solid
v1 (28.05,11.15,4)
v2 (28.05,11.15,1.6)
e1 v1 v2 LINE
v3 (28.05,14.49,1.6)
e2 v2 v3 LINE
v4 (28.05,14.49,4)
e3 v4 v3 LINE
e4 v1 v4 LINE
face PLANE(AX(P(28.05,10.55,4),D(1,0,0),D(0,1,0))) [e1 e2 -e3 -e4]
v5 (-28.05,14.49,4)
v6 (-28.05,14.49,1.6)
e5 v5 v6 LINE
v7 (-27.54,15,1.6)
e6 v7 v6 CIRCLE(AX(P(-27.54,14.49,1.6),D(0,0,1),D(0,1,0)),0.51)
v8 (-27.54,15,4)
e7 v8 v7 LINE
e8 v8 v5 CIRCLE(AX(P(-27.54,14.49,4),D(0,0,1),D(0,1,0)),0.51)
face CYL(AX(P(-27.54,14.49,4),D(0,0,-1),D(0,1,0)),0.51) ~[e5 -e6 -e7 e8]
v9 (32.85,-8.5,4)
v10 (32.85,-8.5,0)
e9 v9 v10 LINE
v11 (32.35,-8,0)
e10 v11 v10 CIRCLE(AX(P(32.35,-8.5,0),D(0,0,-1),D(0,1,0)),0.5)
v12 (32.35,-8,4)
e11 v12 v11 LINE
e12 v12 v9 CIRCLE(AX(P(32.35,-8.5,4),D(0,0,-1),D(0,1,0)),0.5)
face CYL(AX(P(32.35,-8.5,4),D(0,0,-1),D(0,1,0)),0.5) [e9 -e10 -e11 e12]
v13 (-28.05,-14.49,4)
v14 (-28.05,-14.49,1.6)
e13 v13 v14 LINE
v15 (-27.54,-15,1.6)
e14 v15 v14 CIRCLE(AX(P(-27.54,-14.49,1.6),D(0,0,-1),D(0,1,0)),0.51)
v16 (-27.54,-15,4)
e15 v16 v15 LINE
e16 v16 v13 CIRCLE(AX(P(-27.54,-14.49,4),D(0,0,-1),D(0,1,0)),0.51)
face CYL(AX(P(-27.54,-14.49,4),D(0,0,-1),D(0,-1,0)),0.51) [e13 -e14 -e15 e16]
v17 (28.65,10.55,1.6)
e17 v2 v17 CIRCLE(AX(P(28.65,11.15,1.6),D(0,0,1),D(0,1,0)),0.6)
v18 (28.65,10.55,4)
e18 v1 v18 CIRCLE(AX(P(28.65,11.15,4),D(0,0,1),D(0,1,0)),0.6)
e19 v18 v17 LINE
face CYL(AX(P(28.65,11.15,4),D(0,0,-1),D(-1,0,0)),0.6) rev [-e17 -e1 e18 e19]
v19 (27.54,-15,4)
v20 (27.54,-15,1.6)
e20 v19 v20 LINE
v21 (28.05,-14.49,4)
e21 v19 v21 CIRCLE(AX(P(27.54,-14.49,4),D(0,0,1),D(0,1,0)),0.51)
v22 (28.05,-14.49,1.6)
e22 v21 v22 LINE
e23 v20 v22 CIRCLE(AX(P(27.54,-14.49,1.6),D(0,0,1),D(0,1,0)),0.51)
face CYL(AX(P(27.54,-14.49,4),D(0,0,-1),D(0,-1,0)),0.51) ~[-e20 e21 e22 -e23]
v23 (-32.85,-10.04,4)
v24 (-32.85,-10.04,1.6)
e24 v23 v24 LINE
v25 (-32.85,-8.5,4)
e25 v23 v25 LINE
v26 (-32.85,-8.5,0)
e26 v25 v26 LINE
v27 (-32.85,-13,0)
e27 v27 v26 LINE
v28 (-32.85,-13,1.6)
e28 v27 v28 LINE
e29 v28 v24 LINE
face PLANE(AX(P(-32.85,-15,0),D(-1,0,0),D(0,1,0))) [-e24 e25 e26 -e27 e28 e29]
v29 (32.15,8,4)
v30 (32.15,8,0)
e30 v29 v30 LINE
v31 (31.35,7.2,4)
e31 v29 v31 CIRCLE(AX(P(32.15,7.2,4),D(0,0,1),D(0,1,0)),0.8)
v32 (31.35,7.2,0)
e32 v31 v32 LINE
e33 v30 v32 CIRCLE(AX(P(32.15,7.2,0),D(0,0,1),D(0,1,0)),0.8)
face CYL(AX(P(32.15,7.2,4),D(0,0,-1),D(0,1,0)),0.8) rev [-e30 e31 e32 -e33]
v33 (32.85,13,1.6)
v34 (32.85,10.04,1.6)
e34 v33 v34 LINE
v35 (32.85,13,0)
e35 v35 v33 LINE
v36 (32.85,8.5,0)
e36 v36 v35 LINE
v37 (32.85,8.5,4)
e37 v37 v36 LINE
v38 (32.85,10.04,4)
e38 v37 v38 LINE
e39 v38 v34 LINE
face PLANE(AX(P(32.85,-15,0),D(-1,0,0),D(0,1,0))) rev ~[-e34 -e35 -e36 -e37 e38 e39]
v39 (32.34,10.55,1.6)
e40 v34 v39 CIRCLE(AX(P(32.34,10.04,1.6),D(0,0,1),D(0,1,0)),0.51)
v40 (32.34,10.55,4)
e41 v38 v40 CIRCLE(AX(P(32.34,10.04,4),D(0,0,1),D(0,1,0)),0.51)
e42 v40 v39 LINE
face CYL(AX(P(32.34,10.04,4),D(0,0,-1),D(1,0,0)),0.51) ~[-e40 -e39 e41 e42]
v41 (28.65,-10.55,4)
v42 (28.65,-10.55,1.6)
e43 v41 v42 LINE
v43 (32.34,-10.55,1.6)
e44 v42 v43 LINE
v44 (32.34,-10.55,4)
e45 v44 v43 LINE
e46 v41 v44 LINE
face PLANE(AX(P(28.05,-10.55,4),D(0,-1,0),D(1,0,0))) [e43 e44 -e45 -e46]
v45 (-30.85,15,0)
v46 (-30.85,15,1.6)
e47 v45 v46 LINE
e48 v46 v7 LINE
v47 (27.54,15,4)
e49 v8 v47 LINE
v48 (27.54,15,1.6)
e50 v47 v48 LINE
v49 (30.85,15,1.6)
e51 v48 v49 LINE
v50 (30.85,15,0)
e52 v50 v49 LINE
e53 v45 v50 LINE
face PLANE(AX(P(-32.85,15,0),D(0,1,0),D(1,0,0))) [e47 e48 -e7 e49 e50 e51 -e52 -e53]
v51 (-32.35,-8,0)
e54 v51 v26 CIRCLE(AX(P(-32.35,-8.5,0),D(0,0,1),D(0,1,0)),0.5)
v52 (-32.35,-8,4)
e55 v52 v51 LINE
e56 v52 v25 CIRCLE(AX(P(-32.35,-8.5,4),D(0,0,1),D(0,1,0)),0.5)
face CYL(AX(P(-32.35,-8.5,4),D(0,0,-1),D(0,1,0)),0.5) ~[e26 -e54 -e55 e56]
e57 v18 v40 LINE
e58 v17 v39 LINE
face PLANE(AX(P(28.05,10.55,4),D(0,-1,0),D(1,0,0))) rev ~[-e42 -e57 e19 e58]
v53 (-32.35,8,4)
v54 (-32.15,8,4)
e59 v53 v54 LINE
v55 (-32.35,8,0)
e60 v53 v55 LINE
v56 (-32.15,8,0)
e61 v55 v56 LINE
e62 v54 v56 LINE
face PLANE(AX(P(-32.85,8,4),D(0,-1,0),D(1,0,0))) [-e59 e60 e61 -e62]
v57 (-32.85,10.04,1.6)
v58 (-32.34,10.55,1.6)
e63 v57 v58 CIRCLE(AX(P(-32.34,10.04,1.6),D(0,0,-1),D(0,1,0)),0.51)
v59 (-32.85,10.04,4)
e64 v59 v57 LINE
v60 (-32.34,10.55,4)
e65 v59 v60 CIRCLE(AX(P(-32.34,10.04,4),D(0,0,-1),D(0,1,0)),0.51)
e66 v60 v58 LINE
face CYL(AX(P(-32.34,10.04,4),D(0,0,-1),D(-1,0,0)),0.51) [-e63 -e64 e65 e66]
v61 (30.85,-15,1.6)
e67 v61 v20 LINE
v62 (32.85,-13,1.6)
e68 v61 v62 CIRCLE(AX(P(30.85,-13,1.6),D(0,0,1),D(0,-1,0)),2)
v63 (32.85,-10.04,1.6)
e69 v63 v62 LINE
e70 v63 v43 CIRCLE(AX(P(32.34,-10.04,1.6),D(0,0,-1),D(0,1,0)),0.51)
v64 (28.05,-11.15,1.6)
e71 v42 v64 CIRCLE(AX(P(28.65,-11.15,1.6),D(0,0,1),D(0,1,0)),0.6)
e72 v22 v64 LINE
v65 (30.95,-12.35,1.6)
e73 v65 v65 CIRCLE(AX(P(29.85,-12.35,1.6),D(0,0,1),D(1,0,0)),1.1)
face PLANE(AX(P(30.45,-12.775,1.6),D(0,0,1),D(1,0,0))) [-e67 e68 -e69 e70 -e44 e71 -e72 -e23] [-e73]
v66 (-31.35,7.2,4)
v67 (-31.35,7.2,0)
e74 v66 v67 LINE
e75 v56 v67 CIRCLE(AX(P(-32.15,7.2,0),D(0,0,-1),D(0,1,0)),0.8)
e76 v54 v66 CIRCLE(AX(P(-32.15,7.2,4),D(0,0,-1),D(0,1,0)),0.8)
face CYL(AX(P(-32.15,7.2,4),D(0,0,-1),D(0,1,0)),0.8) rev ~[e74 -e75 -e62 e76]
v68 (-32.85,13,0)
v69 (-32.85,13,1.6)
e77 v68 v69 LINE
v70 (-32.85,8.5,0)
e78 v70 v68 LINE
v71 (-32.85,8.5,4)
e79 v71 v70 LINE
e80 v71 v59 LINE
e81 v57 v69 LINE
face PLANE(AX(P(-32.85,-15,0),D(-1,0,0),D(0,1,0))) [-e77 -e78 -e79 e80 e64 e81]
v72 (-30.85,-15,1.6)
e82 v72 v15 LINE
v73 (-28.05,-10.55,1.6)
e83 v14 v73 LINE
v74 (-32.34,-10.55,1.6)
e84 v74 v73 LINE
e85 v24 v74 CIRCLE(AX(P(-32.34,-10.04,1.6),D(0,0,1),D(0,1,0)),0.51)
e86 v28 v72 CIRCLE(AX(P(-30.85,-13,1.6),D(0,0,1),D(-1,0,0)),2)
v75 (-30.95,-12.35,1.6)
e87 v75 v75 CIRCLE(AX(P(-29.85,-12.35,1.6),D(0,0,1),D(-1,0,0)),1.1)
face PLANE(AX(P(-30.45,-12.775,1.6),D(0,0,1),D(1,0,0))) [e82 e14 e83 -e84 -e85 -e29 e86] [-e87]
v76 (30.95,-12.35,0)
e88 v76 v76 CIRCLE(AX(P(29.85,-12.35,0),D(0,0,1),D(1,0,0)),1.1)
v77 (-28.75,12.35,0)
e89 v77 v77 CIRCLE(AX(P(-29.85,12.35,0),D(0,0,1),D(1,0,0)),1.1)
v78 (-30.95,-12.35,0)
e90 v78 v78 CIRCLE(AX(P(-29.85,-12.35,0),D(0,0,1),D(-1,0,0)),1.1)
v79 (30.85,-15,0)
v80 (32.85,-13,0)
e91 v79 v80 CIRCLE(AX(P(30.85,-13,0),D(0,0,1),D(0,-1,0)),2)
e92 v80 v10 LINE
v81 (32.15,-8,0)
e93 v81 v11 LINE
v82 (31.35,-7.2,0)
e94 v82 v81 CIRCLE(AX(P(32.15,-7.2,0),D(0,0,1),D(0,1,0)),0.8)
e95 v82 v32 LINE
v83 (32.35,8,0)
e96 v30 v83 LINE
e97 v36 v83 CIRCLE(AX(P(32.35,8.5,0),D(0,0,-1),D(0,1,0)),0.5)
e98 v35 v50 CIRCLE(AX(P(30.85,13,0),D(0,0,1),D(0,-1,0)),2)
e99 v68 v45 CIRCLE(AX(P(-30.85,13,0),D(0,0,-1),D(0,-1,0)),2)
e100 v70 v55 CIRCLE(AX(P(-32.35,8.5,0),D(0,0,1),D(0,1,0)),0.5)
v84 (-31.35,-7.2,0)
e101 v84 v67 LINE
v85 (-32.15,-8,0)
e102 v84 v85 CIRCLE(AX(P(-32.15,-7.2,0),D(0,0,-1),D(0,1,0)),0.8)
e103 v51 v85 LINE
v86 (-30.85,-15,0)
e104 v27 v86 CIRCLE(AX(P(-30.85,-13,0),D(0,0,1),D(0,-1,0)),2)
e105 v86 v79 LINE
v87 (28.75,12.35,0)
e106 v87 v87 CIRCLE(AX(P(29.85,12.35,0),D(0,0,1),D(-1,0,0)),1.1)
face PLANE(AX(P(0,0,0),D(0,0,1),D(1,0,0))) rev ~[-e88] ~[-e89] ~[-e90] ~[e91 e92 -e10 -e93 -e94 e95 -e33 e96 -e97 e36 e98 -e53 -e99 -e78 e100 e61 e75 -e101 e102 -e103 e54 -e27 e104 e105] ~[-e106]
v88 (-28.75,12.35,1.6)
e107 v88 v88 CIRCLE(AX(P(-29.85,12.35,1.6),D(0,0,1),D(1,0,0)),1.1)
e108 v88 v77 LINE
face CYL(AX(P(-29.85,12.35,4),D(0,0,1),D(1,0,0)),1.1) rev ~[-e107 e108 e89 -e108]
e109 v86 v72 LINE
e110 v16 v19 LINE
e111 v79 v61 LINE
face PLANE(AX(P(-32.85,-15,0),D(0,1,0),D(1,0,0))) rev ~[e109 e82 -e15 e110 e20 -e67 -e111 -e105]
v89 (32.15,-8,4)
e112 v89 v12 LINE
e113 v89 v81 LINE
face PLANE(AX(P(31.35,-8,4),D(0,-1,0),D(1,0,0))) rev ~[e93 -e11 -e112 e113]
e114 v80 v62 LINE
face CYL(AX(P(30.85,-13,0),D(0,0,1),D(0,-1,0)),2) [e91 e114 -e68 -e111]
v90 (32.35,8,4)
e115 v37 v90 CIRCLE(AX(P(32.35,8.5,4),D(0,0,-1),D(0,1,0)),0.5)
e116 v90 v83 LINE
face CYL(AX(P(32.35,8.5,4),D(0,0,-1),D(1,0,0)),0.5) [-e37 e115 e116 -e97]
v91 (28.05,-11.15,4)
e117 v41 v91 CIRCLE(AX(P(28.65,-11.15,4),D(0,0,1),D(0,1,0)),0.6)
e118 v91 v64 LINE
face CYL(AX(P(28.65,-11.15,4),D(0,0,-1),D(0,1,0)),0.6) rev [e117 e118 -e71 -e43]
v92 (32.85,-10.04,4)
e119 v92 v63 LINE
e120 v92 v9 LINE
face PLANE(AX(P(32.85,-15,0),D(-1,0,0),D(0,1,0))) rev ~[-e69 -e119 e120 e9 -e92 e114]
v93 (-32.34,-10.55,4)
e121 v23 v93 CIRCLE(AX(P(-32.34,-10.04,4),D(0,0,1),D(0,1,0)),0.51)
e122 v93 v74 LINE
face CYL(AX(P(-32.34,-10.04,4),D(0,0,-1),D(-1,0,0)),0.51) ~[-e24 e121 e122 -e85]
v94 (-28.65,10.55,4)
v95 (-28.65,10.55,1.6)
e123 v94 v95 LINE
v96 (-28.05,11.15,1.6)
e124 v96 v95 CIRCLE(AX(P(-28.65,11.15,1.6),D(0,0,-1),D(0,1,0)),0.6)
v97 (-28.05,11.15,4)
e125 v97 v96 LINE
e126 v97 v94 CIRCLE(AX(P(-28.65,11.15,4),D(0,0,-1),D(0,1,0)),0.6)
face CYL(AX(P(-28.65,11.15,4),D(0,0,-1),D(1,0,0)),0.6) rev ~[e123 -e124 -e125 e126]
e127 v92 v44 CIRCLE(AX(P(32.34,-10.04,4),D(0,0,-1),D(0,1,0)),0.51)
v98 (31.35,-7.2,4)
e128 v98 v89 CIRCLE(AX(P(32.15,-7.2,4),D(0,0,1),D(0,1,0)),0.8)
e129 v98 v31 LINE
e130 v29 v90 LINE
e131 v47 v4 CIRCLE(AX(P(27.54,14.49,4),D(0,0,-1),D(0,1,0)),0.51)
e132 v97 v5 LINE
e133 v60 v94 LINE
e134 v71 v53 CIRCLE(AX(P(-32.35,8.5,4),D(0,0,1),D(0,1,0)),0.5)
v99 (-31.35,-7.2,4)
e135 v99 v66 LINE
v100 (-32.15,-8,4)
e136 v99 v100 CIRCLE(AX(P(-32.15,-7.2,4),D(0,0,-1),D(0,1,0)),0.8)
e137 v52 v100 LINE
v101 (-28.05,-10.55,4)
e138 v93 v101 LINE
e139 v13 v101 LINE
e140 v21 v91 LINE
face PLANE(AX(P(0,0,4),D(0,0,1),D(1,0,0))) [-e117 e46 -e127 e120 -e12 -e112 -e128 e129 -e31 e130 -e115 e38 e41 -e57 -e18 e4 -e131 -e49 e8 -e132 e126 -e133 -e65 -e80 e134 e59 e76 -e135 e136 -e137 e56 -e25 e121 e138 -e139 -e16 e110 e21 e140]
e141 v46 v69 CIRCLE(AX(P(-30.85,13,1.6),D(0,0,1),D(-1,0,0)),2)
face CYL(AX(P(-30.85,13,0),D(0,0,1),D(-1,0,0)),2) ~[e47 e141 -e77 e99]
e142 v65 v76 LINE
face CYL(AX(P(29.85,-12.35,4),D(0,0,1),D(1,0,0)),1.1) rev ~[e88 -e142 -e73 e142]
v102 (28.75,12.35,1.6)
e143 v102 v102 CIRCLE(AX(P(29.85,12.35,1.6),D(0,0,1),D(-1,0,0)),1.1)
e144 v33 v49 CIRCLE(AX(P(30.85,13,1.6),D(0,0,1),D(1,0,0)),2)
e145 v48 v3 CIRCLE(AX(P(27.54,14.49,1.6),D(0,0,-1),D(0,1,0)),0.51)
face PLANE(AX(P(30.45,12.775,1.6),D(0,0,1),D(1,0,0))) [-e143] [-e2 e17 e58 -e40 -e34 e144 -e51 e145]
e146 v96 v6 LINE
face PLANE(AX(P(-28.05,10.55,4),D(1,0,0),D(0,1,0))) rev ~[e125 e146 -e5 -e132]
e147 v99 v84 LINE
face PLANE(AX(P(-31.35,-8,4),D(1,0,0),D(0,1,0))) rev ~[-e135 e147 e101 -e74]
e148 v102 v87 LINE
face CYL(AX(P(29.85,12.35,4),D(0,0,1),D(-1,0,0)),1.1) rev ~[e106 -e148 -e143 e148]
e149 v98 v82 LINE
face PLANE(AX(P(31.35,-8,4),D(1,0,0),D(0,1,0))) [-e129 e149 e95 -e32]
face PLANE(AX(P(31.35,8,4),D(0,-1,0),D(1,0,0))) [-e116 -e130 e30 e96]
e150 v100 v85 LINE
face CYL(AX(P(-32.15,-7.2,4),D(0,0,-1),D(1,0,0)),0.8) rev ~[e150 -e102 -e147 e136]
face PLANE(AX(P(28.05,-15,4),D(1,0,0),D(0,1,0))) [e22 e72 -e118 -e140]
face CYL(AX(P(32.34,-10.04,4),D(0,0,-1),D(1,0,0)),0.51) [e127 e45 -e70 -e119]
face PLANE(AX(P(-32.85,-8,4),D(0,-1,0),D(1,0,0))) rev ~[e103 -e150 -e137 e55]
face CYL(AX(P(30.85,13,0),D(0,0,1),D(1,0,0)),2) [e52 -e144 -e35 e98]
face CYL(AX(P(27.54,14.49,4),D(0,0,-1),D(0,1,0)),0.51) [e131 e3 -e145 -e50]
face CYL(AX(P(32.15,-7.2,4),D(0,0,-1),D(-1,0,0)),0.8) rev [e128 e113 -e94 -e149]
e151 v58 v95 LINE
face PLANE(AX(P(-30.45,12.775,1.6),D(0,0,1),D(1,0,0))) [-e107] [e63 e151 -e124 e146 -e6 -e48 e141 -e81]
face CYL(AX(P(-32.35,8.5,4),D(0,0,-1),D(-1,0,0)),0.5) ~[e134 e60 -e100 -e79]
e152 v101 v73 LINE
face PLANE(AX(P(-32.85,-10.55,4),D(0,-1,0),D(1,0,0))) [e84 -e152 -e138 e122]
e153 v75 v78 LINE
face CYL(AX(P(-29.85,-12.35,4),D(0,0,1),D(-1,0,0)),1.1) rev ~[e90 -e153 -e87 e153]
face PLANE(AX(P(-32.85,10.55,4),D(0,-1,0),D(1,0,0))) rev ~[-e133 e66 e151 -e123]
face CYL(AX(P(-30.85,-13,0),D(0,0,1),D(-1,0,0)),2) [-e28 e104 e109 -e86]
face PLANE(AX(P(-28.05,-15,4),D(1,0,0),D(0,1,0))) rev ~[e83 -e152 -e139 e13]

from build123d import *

# Parameters (mm, degrees)
SKETCH_2_W          = 65.7
SKETCH_2_H          = 30
EXTRUDE_1_DEPTH     = 4
FILLET_1_R          = 2
SKETCH_5_R          = 1.1
SKETCH_5_W          = 1.5
SKETCH_5_H          = 16
CUT_EXTRUDE_6_DEPTH = 37.333490061
SKETCH_3_W          = 4.8
SKETCH_3_H          = 4.45
SKETCH_3_R          = 1.1
CUT_EXTRUDE_5_DEPTH = 2.4
FILLET_7_R          = 0.51
FILLET_8_R          = 0.6
FILLET_9_R          = 0.5
FILLET_10_R         = 0.8


with BuildPart() as part:
    # 스케치2 → 보스-돌출1 (new body)
    with BuildSketch(Plane.XY):
        Rectangle(SKETCH_2_W, SKETCH_2_H)
    extrude(amount=EXTRUDE_1_DEPTH)

    # 필렛1
    fillet_1_edges = [part.edges().sort_by_distance(p)[0] for p in [
        (32.85, 15, 2),
        (32.85, -15, 2),
        (-32.85, -15, 2),
        (-32.85, 15, 2),
    ]]
    fillet(fillet_1_edges, radius=FILLET_1_R)

    # 스케치5 → 컷-돌출6 (cut, through all)
    with BuildSketch(Plane.XY.offset(4)):
        with Locations((-29.85, 12.35)):
            Circle(SKETCH_5_R)
        with Locations(Location((29.85, 12.35, 0), (0, 0, 180))):
            Circle(SKETCH_5_R)
        with Locations((29.85, -12.35)):
            Circle(SKETCH_5_R)
        with Locations(Location((-29.85, -12.35, 0), (0, 0, 180))):
            Circle(SKETCH_5_R)
        with Locations((-32.1, 0)):
            Rectangle(SKETCH_5_W, SKETCH_5_H)
        with Locations((32.1, 0)):
            Rectangle(SKETCH_5_W, SKETCH_5_H)
    extrude(amount=-CUT_EXTRUDE_6_DEPTH, mode=Mode.SUBTRACT)

    # 스케치3 → 컷-돌출5 (cut)
    # profile 1 of 4: a face of its own
    with BuildSketch(Plane.XY.offset(4)):
        with Locations((-30.45, 12.775)):
            Rectangle(SKETCH_3_W, SKETCH_3_H)
        with Locations((-29.85, 12.35)):
            Circle(SKETCH_3_R, mode=Mode.SUBTRACT)
    # profile 2 of 4: a face of its own
    with BuildSketch(Plane.XY.offset(4)):
        with Locations((-30.45, -12.775)):
            Rectangle(SKETCH_3_W, SKETCH_3_H)
        with Locations(Location((-29.85, -12.35, 0), (0, 0, 180))):
            Circle(SKETCH_3_R, mode=Mode.SUBTRACT)
    # profile 3 of 4: a face of its own
    with BuildSketch(Plane.XY.offset(4)):
        with Locations((30.45, -12.775)):
            Rectangle(SKETCH_3_W, SKETCH_3_H)
        with Locations((29.85, -12.35)):
            Circle(SKETCH_3_R, mode=Mode.SUBTRACT)
    # profile 4 of 4: a face of its own
    with BuildSketch(Plane.XY.offset(4)):
        with Locations((30.45, 12.775)):
            Rectangle(SKETCH_3_W, SKETCH_3_H)
        with Locations(Location((29.85, 12.35, 0), (0, 0, 180))):
            Circle(SKETCH_3_R, mode=Mode.SUBTRACT)
    extrude(amount=-CUT_EXTRUDE_5_DEPTH, mode=Mode.SUBTRACT)

    # 필렛7
    fillet_7_edges = [part.edges().sort_by_distance(p)[0] for p in [
        (-32.85, -10.55, 2.8),
        (-28.05, -15, 2.8),
        (28.05, -15, 2.8),
        (32.85, -10.55, 2.8),
        (32.85, 10.55, 2.8),
        (28.05, 15, 2.8),
        (-28.05, 15, 2.8),
        (-32.85, 10.55, 2.8),
    ]]
    fillet(fillet_7_edges, radius=FILLET_7_R)

    # 필렛8
    fillet_8_edges = [part.edges().sort_by_distance(p)[0] for p in [
        (28.05, -10.55, 2.8),
        (28.05, 10.55, 2.8),
        (-28.05, 10.55, 2.8),
    ]]
    fillet(fillet_8_edges, radius=FILLET_8_R)

    # 필렛9
    fillet_9_edges = [part.edges().sort_by_distance(p)[0] for p in [
        (32.85, 8, 2),
        (32.85, -8, 2),
        (-32.85, -8, 2),
        (-32.85, 8, 2),
    ]]
    fillet(fillet_9_edges, radius=FILLET_9_R)

    # 필렛10
    fillet_10_edges = [part.edges().sort_by_distance(p)[0] for p in [
        (31.35, 8, 2),
        (31.35, -8, 2),
        (-31.35, 8, 2),
        (-31.35, -8, 2),
    ]]
    fillet(fillet_10_edges, radius=FILLET_10_R)


solid = part.part
